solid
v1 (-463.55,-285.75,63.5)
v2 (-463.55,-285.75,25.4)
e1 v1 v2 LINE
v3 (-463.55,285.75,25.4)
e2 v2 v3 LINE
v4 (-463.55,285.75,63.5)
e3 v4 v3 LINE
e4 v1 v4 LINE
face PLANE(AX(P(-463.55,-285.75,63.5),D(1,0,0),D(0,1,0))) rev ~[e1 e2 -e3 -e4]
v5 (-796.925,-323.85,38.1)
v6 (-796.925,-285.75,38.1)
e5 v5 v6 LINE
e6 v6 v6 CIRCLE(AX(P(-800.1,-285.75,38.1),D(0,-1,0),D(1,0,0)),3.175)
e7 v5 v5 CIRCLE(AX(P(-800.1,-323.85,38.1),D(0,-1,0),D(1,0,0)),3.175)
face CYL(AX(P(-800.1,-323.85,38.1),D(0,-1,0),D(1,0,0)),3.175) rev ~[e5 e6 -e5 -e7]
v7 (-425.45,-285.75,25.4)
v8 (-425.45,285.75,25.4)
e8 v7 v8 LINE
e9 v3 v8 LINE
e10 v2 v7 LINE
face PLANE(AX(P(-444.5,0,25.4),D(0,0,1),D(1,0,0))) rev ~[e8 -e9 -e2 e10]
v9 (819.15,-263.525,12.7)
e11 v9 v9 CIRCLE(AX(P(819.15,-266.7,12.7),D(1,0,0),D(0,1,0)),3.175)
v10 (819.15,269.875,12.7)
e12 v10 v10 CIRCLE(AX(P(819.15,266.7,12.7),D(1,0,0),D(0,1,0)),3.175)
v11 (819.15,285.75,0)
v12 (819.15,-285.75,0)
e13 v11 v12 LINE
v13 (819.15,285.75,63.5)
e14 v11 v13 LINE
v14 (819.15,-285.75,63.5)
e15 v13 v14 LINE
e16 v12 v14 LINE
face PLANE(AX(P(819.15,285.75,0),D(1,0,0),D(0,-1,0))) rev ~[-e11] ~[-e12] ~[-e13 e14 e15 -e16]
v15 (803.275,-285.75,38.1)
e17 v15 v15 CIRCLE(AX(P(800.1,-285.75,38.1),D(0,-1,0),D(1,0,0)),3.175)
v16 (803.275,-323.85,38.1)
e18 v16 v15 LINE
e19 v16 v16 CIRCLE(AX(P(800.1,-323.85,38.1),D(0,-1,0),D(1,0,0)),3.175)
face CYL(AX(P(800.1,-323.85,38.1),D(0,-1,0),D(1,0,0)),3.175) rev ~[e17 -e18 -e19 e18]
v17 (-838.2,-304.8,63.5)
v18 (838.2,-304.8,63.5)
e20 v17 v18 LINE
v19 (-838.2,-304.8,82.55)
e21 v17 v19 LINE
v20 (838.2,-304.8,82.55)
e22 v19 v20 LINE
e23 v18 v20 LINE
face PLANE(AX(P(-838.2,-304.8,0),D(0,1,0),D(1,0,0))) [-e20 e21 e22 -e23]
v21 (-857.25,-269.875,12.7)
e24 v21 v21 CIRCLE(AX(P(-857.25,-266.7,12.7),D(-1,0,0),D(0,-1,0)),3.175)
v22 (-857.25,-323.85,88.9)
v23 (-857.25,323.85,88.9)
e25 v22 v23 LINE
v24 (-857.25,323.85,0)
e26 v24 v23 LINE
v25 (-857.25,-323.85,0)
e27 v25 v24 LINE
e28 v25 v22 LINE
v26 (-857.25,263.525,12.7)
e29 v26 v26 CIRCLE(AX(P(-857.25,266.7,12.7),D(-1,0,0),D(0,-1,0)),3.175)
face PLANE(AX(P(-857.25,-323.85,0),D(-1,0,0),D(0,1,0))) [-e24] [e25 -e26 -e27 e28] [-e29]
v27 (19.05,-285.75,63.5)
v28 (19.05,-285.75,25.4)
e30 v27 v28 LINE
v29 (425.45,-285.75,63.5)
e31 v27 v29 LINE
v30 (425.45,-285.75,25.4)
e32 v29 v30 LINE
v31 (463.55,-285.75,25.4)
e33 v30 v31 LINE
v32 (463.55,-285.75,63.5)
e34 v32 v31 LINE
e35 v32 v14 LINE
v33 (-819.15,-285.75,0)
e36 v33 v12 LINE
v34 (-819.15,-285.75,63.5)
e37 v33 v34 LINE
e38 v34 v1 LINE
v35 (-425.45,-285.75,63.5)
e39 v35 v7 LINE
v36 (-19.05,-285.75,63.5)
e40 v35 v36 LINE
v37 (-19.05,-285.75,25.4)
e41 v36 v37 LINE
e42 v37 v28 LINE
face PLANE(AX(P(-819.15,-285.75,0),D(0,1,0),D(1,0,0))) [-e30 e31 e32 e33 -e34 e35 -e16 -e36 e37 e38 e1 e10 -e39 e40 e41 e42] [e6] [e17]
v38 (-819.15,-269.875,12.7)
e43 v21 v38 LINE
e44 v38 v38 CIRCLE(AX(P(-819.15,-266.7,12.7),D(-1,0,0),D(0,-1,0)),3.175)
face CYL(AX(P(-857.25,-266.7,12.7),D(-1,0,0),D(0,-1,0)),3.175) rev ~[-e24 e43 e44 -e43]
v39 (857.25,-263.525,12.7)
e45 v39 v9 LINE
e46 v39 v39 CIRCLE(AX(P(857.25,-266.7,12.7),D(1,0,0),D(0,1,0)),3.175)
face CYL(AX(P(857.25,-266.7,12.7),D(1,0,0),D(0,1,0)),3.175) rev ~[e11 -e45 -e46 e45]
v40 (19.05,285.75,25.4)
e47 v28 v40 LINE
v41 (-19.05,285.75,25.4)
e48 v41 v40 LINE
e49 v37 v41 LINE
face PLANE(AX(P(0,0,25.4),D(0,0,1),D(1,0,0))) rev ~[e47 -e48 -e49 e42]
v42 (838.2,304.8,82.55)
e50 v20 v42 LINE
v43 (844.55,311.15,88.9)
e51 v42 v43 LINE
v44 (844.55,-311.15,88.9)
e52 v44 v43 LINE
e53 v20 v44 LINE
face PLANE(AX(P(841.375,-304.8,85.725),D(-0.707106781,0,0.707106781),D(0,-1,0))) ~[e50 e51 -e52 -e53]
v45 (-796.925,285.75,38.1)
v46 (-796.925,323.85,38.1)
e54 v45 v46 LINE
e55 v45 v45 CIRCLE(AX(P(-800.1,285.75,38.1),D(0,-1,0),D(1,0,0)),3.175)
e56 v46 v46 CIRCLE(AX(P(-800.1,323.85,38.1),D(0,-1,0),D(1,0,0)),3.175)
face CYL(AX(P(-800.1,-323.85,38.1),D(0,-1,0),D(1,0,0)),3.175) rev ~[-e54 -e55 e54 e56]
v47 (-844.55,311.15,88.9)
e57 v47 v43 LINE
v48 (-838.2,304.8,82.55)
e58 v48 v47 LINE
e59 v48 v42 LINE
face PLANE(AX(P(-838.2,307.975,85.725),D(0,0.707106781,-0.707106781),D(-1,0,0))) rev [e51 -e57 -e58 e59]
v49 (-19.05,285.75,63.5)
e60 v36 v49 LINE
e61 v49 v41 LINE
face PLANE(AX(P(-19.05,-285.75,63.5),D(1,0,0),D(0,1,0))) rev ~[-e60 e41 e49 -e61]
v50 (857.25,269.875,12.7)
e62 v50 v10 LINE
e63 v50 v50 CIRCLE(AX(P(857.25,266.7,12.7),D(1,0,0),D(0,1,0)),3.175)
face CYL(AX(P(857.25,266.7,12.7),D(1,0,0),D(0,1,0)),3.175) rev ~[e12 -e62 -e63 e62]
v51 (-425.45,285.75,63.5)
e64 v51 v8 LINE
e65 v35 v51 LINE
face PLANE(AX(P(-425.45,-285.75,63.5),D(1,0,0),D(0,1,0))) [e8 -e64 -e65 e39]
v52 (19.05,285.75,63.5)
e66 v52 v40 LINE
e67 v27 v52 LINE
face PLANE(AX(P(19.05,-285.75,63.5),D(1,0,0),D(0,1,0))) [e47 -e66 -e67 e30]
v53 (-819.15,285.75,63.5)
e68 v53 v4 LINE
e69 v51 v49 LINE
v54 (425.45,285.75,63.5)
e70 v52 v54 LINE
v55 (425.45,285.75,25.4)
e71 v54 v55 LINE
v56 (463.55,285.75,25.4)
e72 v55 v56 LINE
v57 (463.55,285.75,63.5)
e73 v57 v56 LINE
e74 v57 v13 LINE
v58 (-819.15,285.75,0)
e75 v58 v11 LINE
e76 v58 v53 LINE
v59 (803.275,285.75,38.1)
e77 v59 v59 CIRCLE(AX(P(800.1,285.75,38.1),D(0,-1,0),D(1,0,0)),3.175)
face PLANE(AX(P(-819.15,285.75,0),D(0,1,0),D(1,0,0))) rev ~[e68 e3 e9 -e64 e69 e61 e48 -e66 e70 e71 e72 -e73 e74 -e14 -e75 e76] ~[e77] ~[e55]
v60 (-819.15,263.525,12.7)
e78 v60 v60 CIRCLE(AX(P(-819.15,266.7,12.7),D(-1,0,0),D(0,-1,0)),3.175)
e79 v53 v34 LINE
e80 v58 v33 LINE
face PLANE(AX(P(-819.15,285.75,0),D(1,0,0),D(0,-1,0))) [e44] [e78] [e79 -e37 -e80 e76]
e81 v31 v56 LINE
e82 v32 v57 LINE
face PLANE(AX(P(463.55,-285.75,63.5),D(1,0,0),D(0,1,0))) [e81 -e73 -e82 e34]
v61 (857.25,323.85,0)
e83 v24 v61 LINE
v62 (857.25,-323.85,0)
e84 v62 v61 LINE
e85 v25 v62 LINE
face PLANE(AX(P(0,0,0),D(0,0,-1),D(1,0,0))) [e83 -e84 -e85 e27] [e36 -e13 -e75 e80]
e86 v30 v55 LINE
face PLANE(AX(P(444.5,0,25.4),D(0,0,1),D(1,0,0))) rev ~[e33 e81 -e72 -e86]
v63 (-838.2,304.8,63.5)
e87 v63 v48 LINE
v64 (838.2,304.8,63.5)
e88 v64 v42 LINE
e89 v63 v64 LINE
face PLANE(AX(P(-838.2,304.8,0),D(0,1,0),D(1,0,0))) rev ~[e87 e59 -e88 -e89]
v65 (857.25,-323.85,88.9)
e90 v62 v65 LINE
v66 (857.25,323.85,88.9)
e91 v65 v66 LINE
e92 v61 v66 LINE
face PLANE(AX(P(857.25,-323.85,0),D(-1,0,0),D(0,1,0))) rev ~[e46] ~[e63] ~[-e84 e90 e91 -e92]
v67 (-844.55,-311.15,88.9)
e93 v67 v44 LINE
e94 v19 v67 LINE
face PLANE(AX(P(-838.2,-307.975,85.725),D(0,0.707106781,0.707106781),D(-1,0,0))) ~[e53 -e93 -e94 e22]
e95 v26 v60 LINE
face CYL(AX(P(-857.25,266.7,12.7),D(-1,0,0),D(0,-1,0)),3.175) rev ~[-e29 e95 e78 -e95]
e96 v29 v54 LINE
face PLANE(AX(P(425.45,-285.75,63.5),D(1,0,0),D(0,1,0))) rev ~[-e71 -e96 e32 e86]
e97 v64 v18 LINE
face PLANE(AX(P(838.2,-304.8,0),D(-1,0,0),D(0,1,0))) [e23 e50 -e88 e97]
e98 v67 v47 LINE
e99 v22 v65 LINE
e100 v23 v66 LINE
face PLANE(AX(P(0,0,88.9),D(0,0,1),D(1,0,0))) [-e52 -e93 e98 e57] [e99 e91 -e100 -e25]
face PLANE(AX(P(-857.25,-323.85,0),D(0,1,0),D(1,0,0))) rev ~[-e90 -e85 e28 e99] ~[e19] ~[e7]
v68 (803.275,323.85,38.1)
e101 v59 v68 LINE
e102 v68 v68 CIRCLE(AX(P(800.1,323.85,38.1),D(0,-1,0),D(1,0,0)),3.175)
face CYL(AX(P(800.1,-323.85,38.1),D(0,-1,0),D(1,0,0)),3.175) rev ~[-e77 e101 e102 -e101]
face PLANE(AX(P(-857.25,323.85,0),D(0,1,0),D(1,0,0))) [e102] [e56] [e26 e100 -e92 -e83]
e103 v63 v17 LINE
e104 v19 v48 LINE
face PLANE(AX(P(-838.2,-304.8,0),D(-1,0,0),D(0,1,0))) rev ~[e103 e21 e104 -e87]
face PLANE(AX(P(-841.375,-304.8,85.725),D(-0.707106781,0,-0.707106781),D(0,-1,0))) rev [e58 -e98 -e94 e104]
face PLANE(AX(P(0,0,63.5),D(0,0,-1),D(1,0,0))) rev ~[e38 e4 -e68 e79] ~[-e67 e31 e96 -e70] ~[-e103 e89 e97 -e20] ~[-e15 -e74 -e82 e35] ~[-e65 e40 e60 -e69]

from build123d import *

# Parameters (mm, degrees)
F0_W      = 1714.5
F0_H      = 647.7
F0_W_2    = 1676.4
F0_H_2    = 609.6
F1_DEPTH  = 88.9
F2_W      = 1676.4
F2_H      = 609.6
F2_W_2    = 1638.3
F2_H_2    = 571.5
F3_DEPTH  = 63.5
F4_W      = 38.1
F4_H      = 571.5
F5_DEPTH  = 38.1
F6_R      = 3.175
F7_DEPTH  = 647.701
F8_R      = 3.175
F9_DEPTH  = 50.8
F10_R     = 3.175
F11_DEPTH = 50.8
F12_SIZE  = 6.35


with BuildPart() as f1:
    # F0 (on Top) → F1 (new body)
    with BuildSketch(Plane.XY):
        Rectangle(F0_W, F0_H)
        Rectangle(F0_W_2, F0_H_2, mode=Mode.SUBTRACT)
    extrude(amount=F1_DEPTH)

    # F2 (on face) → F3 (join)
    with BuildSketch(Plane(origin=(0, 0, 0), x_dir=(1, 0, 0), z_dir=(0, 0, -1))):
        Rectangle(F2_W, F2_H)
        Rectangle(F2_W_2, F2_H_2, mode=Mode.SUBTRACT)
    extrude(amount=-F3_DEPTH)

    # F4 (on face) → F5 (join)
    with BuildSketch(Plane.XY.offset(63.5)):
        Rectangle(F4_W, F4_H)
        with Locations((444.5, 0)):
            Rectangle(F4_W, F4_H)
        with Locations((-444.5, 0)):
            Rectangle(F4_W, F4_H)
    extrude(amount=-F5_DEPTH)

    # F6 (on face) → F7 (cut, through all)
    with BuildSketch(Plane.XZ.offset(323.85)):
        with Locations((-800.1, 38.1)):
            Circle(F6_R)
        with Locations((800.1, 38.1)):
            Circle(F6_R)
    extrude(amount=-F7_DEPTH, mode=Mode.SUBTRACT)

    # F8 (on face) → F9 (cut)
    with BuildSketch(Plane.YZ.offset(857.25)):
        with Locations((-266.7, 12.7)):
            Circle(F8_R)
        with Locations((266.7, 12.7)):
            Circle(F8_R)
    extrude(amount=-F9_DEPTH, mode=Mode.SUBTRACT)

    # F10 (on face) → F11 (cut)
    with BuildSketch(Plane(origin=(-857.25, 0, 0), x_dir=(0, -1, 0), z_dir=(-1, 0, 0))):
        with Locations((-266.7, 12.7)):
            Circle(F10_R)
        with Locations((266.7, 12.7)):
            Circle(F10_R)
    extrude(amount=-F11_DEPTH, mode=Mode.SUBTRACT)

    # F12
    f12_edges = [f1.edges().sort_by_distance(p)[0] for p in [
        (0, 304.8, 88.9),
        (838.2, 0, 88.9),
        (-838.2, 0, 88.9),
        (0, -304.8, 88.9),
    ]]
    chamfer(f12_edges, length=F12_SIZE)


solid = f1.part
